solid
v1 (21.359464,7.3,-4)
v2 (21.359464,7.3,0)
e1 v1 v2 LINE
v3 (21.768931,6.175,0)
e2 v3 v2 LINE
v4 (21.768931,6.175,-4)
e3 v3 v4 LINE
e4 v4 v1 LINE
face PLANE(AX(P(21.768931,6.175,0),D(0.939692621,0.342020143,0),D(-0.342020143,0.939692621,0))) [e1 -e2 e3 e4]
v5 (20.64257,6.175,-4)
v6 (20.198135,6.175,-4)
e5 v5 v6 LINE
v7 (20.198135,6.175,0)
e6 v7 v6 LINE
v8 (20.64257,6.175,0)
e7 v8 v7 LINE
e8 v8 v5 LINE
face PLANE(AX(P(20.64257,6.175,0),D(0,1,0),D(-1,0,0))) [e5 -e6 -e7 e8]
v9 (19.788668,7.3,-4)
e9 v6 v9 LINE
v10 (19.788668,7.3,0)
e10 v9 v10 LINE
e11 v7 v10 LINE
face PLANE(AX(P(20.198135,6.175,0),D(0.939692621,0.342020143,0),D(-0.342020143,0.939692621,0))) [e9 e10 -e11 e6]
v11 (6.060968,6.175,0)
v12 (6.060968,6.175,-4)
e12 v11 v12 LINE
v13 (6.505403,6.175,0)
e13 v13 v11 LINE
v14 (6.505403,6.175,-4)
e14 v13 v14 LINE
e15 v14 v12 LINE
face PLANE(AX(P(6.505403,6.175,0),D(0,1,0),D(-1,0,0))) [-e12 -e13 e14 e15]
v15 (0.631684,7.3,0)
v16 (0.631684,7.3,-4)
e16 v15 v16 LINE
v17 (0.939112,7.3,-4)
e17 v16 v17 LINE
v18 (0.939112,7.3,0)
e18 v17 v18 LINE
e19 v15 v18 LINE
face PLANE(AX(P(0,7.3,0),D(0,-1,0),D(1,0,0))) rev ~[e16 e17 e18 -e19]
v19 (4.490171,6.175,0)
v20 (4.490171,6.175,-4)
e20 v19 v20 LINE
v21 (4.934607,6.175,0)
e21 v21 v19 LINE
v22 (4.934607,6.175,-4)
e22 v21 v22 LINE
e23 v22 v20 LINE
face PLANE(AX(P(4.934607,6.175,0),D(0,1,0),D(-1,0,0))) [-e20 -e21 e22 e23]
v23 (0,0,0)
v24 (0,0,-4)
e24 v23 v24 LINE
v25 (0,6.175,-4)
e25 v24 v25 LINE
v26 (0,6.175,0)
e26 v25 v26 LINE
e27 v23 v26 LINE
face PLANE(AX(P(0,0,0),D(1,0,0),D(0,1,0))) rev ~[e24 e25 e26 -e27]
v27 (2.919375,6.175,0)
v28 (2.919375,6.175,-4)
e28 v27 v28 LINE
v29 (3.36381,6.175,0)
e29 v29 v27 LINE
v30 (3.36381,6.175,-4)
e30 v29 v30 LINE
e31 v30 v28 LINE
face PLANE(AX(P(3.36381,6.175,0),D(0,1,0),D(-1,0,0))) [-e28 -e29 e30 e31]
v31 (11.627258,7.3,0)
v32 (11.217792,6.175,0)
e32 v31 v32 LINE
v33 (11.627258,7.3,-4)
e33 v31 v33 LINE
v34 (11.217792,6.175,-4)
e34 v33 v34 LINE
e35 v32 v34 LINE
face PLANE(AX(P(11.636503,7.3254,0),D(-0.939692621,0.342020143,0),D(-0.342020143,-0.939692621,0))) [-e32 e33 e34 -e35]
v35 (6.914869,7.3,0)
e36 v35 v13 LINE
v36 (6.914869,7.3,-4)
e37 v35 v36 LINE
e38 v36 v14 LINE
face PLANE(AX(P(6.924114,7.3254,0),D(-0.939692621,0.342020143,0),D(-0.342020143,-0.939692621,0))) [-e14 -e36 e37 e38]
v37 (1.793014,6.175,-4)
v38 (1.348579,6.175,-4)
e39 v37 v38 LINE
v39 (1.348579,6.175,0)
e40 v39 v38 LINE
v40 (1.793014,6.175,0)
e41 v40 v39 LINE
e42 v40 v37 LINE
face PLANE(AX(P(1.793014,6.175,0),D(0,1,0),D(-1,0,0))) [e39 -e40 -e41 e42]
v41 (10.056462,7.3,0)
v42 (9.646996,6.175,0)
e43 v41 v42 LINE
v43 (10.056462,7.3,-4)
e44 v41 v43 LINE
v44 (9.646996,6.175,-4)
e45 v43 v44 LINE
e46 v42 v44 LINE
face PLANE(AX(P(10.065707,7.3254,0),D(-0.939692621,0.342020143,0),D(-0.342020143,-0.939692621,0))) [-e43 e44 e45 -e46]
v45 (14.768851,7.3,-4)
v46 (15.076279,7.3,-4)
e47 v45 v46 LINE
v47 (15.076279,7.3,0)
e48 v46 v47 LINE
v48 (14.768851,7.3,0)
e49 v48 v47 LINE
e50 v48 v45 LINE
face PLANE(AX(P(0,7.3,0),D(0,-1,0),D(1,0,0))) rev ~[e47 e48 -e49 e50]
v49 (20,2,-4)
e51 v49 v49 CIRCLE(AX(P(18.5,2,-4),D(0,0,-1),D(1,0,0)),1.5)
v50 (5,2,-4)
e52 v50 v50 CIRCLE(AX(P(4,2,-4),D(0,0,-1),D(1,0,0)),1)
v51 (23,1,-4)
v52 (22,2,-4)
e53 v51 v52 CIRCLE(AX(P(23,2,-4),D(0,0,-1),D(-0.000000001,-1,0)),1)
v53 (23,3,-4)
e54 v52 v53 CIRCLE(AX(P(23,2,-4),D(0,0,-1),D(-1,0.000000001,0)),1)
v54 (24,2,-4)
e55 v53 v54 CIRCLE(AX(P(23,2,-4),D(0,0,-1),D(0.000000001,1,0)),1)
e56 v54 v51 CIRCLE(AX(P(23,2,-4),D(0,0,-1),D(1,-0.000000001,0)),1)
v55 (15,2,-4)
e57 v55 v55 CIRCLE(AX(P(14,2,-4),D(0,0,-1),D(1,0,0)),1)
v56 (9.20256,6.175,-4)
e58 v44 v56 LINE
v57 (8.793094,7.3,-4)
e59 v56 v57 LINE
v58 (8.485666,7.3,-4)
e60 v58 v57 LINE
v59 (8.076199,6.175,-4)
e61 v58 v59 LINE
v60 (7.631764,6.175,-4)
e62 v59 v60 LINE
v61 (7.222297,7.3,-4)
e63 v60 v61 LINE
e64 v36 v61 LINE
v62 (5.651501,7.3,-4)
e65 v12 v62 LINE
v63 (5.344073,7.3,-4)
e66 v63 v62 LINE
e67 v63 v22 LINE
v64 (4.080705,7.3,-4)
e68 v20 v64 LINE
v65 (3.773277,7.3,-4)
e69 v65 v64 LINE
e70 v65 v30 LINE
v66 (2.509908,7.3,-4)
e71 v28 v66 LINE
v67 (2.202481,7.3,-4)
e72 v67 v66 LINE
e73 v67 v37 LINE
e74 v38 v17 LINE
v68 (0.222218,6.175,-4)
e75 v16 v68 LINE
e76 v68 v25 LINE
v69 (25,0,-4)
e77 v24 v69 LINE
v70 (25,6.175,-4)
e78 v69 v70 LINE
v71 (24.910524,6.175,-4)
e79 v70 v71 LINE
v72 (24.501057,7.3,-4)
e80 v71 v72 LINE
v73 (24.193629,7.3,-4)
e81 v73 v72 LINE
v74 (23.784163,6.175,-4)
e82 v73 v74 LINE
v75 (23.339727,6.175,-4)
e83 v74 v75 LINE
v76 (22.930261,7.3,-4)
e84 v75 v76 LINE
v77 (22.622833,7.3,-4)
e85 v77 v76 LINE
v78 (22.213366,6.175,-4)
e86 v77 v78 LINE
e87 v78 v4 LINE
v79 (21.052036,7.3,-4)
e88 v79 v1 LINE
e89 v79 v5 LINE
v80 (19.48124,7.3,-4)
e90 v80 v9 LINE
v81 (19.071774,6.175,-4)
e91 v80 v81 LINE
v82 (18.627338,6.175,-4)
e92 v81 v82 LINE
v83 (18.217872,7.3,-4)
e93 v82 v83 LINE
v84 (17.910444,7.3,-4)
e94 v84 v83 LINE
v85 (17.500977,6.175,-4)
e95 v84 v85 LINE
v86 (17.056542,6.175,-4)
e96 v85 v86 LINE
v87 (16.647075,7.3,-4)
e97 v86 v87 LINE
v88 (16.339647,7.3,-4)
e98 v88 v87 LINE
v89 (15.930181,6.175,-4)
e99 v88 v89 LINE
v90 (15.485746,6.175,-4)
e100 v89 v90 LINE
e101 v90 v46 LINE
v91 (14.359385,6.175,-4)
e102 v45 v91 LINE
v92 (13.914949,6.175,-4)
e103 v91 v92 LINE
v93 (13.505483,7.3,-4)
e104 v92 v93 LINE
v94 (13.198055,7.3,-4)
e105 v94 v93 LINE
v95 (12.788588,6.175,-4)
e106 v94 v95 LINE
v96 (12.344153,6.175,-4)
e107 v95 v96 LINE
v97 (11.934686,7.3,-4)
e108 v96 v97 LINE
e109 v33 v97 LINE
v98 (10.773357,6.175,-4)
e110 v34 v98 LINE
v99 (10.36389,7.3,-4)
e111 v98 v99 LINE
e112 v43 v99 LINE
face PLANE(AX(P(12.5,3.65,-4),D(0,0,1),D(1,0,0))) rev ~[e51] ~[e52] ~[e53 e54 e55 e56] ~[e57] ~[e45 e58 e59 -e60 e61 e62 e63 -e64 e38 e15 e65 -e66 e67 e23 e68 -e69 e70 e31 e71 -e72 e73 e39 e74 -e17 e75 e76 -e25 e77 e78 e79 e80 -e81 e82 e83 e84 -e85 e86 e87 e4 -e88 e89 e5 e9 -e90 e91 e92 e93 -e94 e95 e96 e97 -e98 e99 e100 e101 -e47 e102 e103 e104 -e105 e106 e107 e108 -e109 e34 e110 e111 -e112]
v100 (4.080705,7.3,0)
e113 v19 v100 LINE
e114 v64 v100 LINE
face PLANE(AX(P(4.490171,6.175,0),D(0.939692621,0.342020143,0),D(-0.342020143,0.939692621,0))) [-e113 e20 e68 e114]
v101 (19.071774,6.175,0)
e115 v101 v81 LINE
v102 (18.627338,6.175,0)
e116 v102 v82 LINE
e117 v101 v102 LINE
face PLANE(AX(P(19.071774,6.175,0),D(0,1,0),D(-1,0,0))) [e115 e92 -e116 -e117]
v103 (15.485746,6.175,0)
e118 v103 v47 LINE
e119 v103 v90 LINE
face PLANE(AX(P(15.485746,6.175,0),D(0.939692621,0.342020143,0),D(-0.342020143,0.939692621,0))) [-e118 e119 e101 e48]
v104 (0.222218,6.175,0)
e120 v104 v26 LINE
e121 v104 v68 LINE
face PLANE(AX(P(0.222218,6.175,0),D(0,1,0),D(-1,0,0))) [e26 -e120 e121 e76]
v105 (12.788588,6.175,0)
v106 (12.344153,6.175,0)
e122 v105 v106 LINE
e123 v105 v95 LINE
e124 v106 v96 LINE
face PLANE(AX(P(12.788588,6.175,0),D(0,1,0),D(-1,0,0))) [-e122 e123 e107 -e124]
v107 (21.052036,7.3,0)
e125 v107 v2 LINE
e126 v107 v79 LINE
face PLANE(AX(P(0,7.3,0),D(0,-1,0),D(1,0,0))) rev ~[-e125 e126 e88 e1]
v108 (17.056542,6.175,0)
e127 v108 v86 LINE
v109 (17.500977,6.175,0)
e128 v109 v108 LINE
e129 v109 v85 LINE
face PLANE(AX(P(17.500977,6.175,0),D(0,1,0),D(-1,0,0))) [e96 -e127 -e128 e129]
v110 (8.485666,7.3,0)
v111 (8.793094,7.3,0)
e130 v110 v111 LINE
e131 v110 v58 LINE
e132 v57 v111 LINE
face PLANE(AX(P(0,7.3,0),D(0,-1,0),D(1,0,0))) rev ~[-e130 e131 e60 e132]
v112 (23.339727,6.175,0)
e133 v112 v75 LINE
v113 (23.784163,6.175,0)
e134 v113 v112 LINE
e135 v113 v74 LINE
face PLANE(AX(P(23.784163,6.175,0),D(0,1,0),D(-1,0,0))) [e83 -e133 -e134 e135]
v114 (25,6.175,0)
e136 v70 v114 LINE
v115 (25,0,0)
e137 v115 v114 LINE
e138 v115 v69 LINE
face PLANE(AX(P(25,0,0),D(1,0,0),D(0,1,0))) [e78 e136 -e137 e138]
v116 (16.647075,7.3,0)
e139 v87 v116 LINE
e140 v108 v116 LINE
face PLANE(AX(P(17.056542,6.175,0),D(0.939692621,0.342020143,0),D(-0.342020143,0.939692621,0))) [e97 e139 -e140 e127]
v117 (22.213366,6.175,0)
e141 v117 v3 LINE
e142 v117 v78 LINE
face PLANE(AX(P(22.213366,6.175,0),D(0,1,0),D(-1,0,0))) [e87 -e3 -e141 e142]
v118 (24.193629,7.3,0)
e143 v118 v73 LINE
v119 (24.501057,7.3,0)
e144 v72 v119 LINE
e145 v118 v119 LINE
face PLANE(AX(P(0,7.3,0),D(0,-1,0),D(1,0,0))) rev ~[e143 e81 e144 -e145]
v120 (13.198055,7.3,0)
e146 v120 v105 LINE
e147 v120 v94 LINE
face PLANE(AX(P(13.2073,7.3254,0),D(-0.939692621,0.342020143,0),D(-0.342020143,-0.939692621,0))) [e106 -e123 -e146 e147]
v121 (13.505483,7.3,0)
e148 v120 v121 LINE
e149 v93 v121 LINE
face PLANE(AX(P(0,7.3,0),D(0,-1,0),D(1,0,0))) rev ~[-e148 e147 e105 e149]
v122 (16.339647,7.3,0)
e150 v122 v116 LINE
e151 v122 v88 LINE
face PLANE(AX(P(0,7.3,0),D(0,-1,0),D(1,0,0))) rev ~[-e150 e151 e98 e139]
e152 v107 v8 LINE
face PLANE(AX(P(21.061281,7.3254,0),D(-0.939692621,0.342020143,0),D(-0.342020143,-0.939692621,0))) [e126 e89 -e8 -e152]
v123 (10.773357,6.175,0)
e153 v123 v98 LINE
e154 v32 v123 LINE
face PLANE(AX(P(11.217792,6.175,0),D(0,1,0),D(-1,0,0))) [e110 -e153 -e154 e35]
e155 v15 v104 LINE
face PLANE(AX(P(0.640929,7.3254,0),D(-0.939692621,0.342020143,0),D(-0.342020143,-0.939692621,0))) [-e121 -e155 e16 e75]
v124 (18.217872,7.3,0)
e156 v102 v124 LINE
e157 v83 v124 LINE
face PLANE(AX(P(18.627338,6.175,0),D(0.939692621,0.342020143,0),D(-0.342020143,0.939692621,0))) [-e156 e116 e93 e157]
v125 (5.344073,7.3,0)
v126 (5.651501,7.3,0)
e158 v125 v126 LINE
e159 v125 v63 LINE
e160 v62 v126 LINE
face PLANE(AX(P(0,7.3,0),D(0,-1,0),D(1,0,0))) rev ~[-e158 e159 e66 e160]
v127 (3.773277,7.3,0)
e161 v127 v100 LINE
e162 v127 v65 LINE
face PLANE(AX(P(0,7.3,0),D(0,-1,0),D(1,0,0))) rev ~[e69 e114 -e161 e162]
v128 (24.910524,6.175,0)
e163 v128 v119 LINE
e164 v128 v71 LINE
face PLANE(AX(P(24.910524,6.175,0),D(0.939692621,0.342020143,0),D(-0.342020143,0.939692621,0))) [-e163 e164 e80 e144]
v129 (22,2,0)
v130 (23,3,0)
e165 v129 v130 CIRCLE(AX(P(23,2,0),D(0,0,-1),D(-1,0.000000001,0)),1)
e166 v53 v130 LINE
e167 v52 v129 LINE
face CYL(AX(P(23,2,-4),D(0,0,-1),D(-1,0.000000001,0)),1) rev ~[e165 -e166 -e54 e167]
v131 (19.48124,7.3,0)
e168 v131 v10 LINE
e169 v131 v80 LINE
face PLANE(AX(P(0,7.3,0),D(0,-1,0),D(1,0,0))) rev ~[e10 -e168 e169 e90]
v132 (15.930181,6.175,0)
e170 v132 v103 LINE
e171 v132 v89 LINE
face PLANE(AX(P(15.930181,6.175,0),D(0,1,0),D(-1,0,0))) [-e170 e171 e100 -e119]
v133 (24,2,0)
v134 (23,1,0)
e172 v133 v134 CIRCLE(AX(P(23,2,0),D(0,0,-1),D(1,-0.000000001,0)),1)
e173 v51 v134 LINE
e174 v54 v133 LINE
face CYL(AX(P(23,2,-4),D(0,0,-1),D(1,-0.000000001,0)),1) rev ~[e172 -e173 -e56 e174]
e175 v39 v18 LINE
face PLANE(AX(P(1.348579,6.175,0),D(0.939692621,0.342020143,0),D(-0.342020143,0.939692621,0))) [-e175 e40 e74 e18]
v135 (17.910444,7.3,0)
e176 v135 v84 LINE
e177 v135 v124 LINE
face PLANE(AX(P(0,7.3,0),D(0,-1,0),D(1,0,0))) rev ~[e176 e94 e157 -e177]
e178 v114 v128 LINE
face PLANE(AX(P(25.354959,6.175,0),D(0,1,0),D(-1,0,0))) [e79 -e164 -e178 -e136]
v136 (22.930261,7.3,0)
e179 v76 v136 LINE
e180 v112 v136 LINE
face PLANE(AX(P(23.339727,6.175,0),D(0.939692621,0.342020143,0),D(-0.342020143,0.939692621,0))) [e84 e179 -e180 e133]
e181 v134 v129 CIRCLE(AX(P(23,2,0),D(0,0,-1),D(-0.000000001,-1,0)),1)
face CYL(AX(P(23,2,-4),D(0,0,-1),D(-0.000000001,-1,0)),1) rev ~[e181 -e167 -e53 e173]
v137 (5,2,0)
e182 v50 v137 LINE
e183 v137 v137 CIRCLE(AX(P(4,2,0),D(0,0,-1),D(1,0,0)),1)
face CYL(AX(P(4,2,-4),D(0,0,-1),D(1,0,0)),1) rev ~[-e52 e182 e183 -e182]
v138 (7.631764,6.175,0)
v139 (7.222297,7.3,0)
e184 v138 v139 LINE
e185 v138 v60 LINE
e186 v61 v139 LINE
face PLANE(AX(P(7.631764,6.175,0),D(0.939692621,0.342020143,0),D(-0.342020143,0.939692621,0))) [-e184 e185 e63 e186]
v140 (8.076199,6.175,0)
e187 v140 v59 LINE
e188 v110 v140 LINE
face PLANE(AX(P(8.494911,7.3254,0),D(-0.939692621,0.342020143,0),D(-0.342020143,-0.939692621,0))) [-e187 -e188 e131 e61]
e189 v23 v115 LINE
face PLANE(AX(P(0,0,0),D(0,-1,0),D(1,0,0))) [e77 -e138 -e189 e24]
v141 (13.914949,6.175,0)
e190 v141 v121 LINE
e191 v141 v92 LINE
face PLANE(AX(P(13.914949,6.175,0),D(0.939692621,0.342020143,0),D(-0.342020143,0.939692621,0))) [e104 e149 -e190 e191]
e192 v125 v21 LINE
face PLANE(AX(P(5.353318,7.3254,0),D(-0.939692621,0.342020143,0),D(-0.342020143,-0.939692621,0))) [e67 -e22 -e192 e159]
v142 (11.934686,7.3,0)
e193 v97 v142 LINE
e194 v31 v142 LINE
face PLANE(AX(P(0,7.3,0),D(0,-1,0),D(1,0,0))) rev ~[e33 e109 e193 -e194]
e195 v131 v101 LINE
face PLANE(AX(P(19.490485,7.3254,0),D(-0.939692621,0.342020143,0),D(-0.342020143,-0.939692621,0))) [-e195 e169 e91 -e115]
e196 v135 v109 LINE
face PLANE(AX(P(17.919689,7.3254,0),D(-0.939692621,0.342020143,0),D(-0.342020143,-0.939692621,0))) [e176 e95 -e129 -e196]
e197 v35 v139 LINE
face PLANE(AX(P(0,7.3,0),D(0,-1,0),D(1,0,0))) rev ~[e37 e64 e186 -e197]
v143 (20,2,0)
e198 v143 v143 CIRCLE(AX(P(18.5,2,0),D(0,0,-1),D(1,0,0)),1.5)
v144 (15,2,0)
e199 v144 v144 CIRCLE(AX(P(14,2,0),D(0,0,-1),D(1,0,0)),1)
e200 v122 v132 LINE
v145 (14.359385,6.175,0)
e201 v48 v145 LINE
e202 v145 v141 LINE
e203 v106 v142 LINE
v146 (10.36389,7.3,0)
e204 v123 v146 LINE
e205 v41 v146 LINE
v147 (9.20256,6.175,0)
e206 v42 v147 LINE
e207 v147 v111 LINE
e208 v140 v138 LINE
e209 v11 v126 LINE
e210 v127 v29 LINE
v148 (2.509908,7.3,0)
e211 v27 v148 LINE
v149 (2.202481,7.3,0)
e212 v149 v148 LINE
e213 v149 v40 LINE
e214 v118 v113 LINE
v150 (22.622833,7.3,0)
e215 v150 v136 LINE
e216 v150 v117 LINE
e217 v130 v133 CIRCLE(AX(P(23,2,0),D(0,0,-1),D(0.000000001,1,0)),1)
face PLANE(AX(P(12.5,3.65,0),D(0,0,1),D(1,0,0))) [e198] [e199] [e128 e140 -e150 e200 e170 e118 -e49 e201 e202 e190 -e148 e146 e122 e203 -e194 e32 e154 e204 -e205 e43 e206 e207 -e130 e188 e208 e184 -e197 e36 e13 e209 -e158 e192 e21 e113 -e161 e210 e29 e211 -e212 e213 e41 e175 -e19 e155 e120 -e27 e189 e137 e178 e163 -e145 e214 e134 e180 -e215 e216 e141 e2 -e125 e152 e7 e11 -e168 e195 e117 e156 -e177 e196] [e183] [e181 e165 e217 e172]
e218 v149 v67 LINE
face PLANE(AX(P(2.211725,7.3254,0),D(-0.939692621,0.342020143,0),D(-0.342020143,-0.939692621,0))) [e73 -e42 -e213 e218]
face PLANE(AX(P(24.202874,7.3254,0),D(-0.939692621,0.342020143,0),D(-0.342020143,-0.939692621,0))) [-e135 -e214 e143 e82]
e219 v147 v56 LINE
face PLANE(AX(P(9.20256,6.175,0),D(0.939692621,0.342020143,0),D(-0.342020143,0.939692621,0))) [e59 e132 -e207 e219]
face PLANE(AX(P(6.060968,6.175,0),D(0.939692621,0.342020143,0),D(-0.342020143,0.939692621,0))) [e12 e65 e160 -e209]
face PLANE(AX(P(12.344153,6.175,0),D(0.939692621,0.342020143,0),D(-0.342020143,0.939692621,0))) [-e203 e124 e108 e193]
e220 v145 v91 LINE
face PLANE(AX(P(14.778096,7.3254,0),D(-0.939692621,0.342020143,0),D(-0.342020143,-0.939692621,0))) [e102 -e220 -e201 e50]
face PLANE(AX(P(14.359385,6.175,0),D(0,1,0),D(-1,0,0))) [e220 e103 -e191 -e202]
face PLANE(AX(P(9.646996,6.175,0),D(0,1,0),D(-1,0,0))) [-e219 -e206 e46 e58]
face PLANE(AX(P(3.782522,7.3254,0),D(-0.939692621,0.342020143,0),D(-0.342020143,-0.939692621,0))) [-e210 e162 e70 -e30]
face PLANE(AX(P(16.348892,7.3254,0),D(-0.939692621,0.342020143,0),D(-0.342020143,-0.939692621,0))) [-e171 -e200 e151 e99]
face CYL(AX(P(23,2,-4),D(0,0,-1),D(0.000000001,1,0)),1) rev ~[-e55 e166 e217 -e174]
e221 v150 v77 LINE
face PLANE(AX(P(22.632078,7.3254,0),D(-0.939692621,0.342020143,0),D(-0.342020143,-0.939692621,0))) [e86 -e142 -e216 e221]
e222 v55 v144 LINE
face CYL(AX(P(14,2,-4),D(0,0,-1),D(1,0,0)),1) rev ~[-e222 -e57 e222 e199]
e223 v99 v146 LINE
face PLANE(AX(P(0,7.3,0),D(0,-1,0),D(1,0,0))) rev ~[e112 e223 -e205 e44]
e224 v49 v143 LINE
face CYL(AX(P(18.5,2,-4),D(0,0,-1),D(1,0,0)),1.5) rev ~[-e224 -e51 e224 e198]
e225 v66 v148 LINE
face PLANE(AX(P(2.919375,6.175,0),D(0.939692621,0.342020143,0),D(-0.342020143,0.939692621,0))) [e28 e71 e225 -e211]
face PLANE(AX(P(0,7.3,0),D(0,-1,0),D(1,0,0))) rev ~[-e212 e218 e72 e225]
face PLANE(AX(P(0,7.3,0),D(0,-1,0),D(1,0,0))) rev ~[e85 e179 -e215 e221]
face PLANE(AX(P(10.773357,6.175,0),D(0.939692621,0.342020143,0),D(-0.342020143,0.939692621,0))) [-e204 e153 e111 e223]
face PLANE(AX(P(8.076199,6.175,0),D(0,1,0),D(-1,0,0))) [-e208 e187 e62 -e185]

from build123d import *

# Parameters (mm, degrees)
BLANKSKE_W         = 25
BLANKSKE_H         = 7.3
BLANK_DEPTH        = 4
TOOTHCUTSIM_DEPTH  = 27.349383294
TEETHCUTS_COUNT    = 17
TEETHCUTS_PITCH    = 1.570796325
CUT_EXTRUDE1_DEPTH = 27.349383294


with BuildPart() as part:
    # BlankSke → Blank (new body)
    with BuildSketch(Plane.XY):
        with Locations((12.5, 3.65)):
            Rectangle(BLANKSKE_W, BLANKSKE_H)
    extrude(amount=-BLANK_DEPTH)

    # TooCutSkeSim → ToothCutSim (cut, through all)
    with BuildSketch(Plane.XY):
        Polygon((0.222217685, 6.175), (-0.222217685, 6.175), (-0.640929042, 7.3254), (0.640929042, 7.3254), align=None)
    toothcutsim = extrude(amount=-TOOTHCUTSIM_DEPTH, mode=Mode.SUBTRACT)

    # TeethCuts: ToothCutSim ×17
    with Locations(*[(i * TEETHCUTS_PITCH, 0, 0) for i in range(1, TEETHCUTS_COUNT)]):
        add(toothcutsim, mode=Mode.SUBTRACT)

    # Sketch1 → Cut-Extrude1 (cut, through all)
    with BuildSketch(Plane(origin=(0, 0, -4), x_dir=(-1, 0, 0), z_dir=(0, 0, -1))):
        with BuildLine():
            Line((-23, 1), (-23, 2))
            Line((-23, 2), (-24, 2))
            ThreePointArc((-24, 2), (-23.707106781, 1.292893219), (-23, 1))
        make_face()
        with BuildLine():
            Line((-24, 2), (-23, 2))
            Line((-23, 2), (-23, 3))
            ThreePointArc((-23, 3), (-23.707106781, 2.707106781), (-24, 2))
        make_face()
        with BuildLine():
            Line((-23, 3), (-23, 2))
            Line((-23, 2), (-23, 1))
            ThreePointArc((-23, 1), (-22.292893219, 1.292893219), (-22, 2))
            ThreePointArc((-22, 2), (-22.292893219, 2.707106781), (-23, 3))
        make_face()
        with BuildLine():
            ThreePointArc((-17, 2), (-18.5, 3.5), (-20, 2))
            Line((-20, 2), (-17, 2))
        make_face()
        with BuildLine():
            Line((-17, 2), (-20, 2))
            ThreePointArc((-20, 2), (-18.5, 0.5), (-17, 2))
        make_face()
        with BuildLine():
            ThreePointArc((-13, 2), (-14, 3), (-15, 2))
            Line((-15, 2), (-13, 2))
        make_face()
        with BuildLine():
            Line((-13, 2), (-15, 2))
            ThreePointArc((-15, 2), (-14, 1), (-13, 2))
        make_face()
        with BuildLine():
            ThreePointArc((-3, 2), (-4, 3), (-5, 2))
            Line((-5, 2), (-3, 2))
        make_face()
        with BuildLine():
            Line((-3, 2), (-5, 2))
            ThreePointArc((-5, 2), (-4, 1), (-3, 2))
        make_face()
    extrude(amount=-CUT_EXTRUDE1_DEPTH, mode=Mode.SUBTRACT)


solid = part.part
